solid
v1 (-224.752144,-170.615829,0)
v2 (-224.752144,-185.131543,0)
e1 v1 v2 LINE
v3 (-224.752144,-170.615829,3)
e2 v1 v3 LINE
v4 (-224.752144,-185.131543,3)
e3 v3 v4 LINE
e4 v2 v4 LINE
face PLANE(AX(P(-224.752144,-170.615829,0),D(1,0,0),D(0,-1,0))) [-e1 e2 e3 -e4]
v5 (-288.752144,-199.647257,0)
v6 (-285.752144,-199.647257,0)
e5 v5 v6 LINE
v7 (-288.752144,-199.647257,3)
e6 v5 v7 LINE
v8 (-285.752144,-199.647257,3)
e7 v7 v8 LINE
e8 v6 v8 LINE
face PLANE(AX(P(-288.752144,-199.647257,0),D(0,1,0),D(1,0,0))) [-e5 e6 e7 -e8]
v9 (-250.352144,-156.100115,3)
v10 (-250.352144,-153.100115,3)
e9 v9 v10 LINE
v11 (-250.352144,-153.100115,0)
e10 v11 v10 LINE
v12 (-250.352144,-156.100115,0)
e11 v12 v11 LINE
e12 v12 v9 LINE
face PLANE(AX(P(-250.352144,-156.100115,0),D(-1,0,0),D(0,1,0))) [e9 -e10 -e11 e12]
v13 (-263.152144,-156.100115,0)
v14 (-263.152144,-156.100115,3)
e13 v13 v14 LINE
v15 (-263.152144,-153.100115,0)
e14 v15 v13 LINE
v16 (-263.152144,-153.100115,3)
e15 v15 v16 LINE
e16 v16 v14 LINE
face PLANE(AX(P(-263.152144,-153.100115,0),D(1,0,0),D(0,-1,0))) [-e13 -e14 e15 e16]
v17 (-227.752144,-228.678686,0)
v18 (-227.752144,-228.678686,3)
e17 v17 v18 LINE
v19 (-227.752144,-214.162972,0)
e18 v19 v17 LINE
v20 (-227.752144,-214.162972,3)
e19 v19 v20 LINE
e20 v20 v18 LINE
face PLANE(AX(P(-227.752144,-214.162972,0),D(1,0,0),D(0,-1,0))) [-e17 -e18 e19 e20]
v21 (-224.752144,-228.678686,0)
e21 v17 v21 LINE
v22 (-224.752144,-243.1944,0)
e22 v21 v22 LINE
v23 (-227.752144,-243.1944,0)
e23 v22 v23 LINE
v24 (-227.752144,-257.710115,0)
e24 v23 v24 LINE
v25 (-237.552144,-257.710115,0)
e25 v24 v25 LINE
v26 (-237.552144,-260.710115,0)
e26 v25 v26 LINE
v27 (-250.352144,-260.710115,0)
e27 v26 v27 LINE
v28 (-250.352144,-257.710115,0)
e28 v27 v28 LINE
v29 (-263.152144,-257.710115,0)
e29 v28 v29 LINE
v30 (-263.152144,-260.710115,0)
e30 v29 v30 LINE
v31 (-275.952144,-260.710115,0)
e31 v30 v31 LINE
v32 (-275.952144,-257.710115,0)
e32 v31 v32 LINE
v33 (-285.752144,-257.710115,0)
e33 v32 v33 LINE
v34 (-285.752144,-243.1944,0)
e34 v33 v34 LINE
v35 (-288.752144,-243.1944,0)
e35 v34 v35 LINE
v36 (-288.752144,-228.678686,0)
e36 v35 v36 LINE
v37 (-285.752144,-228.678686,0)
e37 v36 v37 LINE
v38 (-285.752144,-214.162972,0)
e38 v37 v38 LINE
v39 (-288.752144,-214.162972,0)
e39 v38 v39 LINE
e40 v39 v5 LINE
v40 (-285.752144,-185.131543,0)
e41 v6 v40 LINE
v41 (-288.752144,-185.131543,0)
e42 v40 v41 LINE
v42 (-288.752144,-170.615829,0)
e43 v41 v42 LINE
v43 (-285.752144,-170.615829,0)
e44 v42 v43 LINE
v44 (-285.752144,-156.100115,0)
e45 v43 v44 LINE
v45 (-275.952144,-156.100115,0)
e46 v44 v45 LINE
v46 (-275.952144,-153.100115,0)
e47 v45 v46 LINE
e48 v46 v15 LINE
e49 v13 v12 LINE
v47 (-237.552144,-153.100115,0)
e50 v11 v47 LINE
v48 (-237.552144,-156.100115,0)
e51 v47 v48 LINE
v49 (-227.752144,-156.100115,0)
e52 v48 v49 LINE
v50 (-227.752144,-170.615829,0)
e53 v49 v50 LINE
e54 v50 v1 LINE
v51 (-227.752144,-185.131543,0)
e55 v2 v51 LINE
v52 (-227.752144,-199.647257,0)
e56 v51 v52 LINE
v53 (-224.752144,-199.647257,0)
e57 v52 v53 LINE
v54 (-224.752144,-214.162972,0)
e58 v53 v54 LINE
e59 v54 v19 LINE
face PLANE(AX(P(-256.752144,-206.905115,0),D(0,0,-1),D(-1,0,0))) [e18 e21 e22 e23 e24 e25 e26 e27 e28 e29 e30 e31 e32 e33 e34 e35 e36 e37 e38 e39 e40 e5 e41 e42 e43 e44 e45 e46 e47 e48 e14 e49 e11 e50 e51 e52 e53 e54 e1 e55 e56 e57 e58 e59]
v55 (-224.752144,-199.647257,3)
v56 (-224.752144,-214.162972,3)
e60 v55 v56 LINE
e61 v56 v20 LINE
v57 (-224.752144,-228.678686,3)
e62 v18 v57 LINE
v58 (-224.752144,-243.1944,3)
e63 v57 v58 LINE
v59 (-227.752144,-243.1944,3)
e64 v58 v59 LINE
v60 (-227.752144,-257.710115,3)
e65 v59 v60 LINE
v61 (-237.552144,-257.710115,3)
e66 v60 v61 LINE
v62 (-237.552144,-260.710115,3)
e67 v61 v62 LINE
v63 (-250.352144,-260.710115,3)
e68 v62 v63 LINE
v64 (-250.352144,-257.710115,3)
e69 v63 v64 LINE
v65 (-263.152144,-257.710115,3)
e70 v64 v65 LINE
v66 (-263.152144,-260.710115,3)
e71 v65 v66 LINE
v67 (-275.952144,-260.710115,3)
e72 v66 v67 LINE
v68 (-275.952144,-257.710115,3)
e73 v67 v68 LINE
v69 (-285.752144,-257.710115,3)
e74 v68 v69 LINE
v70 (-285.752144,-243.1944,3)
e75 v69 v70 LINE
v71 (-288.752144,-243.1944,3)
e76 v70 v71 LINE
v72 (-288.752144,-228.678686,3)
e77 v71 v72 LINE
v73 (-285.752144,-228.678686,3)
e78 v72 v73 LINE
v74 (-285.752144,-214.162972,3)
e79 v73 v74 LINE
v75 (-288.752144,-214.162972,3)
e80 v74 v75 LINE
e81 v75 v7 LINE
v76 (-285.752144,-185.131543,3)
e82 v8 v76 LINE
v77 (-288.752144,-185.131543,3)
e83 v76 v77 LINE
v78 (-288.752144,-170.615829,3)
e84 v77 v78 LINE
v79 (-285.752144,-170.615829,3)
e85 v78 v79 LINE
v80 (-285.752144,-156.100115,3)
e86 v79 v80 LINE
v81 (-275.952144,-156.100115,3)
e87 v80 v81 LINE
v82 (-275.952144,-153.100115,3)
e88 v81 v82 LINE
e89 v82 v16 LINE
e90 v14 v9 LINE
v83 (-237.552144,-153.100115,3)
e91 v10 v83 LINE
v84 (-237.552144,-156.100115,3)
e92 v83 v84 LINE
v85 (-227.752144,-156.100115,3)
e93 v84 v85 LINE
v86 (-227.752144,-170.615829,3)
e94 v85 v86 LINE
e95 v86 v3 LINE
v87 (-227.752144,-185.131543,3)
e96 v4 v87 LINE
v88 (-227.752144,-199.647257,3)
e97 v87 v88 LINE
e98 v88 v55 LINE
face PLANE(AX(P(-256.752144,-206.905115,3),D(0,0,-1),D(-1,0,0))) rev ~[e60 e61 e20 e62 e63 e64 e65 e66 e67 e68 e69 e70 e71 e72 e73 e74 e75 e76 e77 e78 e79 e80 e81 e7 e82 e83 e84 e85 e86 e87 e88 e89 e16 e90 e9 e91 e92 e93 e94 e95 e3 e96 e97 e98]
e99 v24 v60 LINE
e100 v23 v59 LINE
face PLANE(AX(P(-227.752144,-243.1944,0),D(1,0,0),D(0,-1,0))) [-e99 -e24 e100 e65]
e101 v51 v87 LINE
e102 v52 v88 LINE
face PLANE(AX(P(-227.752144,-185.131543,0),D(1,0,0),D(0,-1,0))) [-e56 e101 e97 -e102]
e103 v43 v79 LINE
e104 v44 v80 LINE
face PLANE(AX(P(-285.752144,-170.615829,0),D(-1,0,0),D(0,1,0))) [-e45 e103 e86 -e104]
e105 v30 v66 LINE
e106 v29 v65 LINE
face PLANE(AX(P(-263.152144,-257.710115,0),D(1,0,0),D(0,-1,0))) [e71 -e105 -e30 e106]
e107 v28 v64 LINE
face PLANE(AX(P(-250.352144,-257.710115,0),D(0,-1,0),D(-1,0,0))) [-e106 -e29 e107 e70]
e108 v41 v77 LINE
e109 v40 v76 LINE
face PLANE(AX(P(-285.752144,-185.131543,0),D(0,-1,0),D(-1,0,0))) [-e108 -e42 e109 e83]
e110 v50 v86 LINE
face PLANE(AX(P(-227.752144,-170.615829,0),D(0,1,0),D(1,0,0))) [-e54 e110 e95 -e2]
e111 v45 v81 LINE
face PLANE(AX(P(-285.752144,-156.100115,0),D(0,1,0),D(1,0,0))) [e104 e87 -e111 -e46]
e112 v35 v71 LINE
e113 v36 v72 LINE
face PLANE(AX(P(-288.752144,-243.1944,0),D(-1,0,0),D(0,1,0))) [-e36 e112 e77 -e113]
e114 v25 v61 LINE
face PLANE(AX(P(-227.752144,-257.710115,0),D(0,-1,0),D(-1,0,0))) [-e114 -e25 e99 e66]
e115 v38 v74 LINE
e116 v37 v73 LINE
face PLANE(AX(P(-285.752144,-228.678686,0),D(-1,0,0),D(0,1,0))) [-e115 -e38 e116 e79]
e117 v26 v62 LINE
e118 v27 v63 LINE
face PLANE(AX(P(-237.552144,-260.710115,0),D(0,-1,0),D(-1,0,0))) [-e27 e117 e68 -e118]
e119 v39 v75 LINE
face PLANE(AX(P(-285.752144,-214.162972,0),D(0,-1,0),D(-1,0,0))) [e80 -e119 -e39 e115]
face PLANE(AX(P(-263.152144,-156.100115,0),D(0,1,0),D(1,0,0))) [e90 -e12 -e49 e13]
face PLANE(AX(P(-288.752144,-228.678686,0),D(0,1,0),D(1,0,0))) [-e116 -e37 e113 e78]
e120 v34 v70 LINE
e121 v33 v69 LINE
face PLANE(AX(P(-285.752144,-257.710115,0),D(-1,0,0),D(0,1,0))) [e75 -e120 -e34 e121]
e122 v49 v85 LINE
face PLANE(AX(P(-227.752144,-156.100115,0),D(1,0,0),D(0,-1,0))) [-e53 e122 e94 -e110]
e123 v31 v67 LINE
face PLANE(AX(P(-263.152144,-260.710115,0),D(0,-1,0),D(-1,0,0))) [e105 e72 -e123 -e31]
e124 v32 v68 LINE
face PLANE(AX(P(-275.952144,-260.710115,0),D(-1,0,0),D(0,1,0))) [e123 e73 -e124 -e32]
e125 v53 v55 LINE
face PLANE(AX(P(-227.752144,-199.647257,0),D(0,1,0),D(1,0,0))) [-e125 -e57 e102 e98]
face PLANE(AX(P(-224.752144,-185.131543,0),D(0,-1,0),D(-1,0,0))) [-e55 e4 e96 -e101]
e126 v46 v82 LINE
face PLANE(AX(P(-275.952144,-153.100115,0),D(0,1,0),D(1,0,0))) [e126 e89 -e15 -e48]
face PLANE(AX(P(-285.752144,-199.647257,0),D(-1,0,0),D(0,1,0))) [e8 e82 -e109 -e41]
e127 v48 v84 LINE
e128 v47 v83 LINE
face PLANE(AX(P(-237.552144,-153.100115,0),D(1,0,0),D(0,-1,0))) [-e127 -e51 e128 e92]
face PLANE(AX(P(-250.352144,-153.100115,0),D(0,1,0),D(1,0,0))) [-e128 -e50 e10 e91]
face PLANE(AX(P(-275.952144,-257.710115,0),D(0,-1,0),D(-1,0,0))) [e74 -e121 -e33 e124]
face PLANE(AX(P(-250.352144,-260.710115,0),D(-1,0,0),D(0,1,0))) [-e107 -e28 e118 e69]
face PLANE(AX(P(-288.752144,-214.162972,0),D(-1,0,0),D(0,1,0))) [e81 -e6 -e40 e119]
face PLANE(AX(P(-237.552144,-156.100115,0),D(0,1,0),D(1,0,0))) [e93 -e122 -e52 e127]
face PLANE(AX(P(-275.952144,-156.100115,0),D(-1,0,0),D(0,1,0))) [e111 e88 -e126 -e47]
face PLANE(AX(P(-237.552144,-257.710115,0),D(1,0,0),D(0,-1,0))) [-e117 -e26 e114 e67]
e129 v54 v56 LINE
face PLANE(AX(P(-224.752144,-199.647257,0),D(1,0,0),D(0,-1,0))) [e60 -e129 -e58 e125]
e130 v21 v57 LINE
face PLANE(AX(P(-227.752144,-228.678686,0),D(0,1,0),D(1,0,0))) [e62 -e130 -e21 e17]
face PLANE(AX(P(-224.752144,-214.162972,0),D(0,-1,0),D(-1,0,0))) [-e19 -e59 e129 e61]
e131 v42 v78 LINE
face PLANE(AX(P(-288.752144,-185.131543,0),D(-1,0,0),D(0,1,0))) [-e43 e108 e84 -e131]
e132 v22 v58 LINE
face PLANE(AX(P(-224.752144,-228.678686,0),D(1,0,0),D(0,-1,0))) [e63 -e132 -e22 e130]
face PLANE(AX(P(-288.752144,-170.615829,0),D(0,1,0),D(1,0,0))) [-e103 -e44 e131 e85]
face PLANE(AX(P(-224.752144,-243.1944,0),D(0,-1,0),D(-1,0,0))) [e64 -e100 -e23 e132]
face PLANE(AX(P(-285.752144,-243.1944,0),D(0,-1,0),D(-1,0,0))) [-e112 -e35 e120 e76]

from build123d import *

# Parameters (mm, degrees)
SALIENTE_EXTRUIR1_DEPTH = 3


with BuildPart() as part:
    # Croquis1 → Saliente-Extruir1 (new body)
    with BuildSketch(Plane.XY):
        Polygon((-275.952144189, -257.710114598), (-285.752144189, -257.710114598), (-285.752144189, -243.194400312), (-288.752144189, -243.194400312), (-288.752144189, -228.678686026), (-285.752144189, -228.678686026), (-285.752144189, -214.162971741), (-288.752144189, -214.162971741), (-288.752144189, -199.647257455), (-285.752144189, -199.647257455), (-285.752144189, -185.131543169), (-288.752144189, -185.131543169), (-288.752144189, -170.615828883), (-285.752144189, -170.615828883), (-285.752144189, -156.100114598), (-275.952144189, -156.100114598), (-275.952144189, -153.100114598), (-263.152144189, -153.100114598), (-263.152144189, -156.100114598), (-250.352144189, -156.100114598), (-250.352144189, -153.100114598), (-237.552144189, -153.100114598), (-237.552144189, -156.100114598), (-227.752144189, -156.100114598), (-227.752144189, -170.615828883), (-224.752144189, -170.615828883), (-224.752144189, -185.131543169), (-227.752144189, -185.131543169), (-227.752144189, -199.647257455), (-224.752144189, -199.647257455), (-224.752144189, -214.162971741), (-227.752144189, -214.162971741), (-227.752144189, -228.678686026), (-224.752144189, -228.678686026), (-224.752144189, -243.194400312), (-227.752144189, -243.194400312), (-227.752144189, -257.710114598), (-237.552144189, -257.710114598), (-237.552144189, -260.710114598), (-250.352144189, -260.710114598), (-250.352144189, -257.710114598), (-263.152144189, -257.710114598), (-263.152144189, -260.710114598), (-275.952144189, -260.710114598), align=None)
    extrude(amount=SALIENTE_EXTRUIR1_DEPTH)


solid = part.part
